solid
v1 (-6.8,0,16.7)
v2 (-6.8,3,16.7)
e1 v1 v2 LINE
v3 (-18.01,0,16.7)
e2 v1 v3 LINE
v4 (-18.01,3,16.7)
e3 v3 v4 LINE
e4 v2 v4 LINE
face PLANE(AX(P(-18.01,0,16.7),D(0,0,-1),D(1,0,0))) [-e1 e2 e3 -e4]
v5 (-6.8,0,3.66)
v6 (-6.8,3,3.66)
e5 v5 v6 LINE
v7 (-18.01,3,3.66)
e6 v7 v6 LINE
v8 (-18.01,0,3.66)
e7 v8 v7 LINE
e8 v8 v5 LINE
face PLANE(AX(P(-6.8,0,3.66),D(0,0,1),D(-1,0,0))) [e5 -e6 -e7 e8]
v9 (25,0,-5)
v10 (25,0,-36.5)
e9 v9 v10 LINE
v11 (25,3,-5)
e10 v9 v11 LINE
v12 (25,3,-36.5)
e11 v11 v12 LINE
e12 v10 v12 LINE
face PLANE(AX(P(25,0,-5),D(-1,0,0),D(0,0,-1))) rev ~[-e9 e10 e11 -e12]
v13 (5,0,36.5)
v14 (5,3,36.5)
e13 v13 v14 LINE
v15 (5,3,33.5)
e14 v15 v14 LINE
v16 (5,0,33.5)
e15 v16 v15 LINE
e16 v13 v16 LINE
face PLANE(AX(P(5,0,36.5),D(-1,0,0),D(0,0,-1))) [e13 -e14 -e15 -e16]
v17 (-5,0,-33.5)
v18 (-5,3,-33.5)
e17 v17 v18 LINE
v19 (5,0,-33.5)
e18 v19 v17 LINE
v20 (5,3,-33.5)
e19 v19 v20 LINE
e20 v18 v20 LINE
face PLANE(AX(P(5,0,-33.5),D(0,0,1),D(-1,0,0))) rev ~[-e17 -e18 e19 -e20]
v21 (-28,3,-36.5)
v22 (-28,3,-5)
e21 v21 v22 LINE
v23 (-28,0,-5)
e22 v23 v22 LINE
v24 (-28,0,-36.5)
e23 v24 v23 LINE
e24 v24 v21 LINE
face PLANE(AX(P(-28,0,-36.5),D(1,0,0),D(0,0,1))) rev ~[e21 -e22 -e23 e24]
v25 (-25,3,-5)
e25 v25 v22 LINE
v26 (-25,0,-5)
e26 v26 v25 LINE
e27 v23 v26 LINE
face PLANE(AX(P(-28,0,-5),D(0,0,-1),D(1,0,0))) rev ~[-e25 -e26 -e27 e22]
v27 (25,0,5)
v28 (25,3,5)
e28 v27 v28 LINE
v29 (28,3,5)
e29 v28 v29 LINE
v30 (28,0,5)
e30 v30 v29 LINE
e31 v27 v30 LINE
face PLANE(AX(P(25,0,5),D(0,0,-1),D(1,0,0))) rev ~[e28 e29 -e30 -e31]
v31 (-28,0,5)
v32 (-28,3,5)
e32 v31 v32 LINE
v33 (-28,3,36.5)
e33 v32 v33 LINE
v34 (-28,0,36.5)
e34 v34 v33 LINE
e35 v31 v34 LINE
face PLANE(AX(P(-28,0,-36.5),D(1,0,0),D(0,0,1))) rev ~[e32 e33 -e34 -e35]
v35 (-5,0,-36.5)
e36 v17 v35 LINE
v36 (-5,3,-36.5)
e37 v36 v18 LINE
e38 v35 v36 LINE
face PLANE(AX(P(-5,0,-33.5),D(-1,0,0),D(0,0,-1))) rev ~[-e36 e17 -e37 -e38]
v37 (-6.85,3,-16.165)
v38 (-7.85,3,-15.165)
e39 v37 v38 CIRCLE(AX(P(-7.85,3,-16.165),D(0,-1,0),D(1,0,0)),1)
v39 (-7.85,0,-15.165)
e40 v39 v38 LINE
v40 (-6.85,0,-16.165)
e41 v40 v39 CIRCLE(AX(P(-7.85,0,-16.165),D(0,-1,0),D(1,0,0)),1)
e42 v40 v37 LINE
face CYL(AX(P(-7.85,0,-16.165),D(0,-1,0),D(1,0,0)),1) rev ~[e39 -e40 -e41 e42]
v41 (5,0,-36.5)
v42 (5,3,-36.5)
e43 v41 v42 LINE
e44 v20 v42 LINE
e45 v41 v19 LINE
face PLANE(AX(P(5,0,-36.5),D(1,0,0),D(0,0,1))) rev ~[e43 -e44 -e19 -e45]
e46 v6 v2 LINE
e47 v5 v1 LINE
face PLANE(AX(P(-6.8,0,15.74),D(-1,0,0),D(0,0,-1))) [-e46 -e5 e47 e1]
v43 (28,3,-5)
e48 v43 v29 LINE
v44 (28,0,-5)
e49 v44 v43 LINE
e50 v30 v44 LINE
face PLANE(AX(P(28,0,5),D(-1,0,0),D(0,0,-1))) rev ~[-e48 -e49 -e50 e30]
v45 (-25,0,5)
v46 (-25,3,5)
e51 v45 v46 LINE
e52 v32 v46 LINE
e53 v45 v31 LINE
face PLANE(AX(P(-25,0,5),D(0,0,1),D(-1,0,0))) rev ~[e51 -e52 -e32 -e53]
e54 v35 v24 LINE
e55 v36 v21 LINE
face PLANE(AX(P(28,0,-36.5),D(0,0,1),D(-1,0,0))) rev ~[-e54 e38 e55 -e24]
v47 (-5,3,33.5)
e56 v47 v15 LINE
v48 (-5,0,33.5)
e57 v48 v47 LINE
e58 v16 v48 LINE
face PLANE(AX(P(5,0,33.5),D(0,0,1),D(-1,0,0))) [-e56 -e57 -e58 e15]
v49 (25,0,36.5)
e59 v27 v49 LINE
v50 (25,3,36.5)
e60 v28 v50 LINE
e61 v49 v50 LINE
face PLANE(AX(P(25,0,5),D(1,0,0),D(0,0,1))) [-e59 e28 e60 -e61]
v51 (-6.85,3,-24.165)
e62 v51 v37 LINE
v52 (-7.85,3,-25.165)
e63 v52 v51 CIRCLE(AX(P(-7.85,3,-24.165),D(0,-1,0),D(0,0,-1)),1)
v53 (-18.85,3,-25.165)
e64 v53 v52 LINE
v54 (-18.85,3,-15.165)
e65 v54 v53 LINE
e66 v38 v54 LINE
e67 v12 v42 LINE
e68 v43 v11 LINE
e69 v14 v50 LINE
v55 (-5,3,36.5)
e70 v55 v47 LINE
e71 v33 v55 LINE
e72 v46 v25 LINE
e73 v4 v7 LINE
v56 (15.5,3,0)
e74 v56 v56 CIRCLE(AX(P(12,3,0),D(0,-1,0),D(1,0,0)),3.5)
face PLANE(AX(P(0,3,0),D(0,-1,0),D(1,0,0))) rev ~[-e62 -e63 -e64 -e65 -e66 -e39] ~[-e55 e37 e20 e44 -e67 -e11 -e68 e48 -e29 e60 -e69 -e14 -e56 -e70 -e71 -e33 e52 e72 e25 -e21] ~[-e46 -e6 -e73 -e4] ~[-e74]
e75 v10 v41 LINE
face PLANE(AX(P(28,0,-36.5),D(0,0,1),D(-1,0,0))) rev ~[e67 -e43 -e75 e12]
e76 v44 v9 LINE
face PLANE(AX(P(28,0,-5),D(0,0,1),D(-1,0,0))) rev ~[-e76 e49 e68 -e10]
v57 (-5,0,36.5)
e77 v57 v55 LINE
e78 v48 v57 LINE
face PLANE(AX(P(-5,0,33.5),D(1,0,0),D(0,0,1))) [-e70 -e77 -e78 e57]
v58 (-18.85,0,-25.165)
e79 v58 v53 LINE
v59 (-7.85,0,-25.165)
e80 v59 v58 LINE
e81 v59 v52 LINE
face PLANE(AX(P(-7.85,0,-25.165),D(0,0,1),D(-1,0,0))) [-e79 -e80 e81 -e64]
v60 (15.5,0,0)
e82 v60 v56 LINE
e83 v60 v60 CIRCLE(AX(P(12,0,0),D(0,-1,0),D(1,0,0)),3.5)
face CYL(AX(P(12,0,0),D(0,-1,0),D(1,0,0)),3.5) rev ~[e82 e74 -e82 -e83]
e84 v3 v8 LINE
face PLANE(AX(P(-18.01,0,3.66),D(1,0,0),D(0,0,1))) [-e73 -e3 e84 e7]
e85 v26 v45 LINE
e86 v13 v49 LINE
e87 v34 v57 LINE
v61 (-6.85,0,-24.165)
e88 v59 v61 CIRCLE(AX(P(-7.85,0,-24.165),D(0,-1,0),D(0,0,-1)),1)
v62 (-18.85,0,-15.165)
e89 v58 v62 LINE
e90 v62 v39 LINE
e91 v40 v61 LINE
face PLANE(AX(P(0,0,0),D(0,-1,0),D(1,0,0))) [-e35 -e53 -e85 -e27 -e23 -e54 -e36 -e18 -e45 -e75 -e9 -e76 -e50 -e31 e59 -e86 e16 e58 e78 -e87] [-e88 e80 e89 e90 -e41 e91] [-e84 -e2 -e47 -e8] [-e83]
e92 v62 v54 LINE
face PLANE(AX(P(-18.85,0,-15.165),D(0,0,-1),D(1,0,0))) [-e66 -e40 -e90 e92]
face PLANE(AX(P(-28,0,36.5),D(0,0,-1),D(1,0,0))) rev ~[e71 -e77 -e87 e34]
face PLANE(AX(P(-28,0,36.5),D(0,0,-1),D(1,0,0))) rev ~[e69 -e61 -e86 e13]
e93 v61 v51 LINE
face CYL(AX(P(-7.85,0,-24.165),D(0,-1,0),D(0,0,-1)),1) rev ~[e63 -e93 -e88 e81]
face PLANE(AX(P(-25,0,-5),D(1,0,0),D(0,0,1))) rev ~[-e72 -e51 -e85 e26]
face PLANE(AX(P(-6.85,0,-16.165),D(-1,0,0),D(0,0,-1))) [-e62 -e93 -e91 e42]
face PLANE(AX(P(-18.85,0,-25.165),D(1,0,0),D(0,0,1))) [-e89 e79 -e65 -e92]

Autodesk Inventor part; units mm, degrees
ref_plane "YZ Plane" through (0, 0, 0) normal (1, 0, 0) x (0, 1, 0)
ref_plane "XZ Plane" through (0, 0, 0) normal (0, 1, 0) x (-1, 0, 0)
ref_plane "XY Plane" through (0, 0, 0) normal (0, 0, 1) x (1, 0, 0)
sketch "Sketch1" plane through (0, 0, 0) normal (0, 1, 0) x (-1, 0, 0)
  line L0 (-28, -36.5) -> (28, -36.5)
  line L1 (28, -36.5) -> (28, 36.5)
  line L2 (28, 36.5) -> (-28, 36.5)
  line L3 (-28, 36.5) -> (-28, -36.5)
  line L4 (-28, -36.5) -> (28, 36.5) construction
  line L5 (28, -36.5) -> (-28, 36.5) construction
  point P0 (0, 0)
  dimension "d0" = 73
  dimension "d1" = 56
extrude "Extrusion1" add sketch "Sketch1" along normal blind 3
sketch "Sketch3" plane through (0, 0, 0) normal (0, -1, 0) x (1, 0, 0)
  line L0 (-7.3, 4.62) -> (-7.3, 15.74) projected
  line L1 (-17.51, 4.16) -> (-7.86, 4.16) projected
  line L2 (-17.51, 15.74) -> (-17.51, 4.62) projected
  line L3 (-7.86, 16.2) -> (-17.51, 16.2) projected
  line L4 (-18.35, -24.665) -> (-7.85, -24.665) projected
  line L5 (-7.35, -24.165) -> (-7.35, -16.165) projected
  arc A0 (-7.85, -24.665) -> (-7.35, -24.165) centre (-7.85, -24.165) ccw projected
  arc A1 (-7.35, -16.165) -> (-7.85, -15.665) centre (-7.85, -16.165) ccw projected
  line L6 (-7.85, -15.665) -> (-18.35, -15.665) projected
  line L7 (-18.35, -15.665) -> (-18.35, -24.665)
  line L8 (-7.3, 4.62) -> (-7.3, 4.16)
  line L9 (-7.3, 4.16) -> (-7.86, 4.16)
  line L10 (-7.86, 16.2) -> (-7.3, 16.2)
  line L11 (-7.3, 16.2) -> (-7.3, 15.74)
  line L12 (-17.51, 16.2) -> (-17.51, 15.74)
  line L13 (-17.51, 4.16) -> (-17.51, 4.62)
  line L14 (-6.8, 15.74) -> (-6.8, 4.62)
  line L15 (-6.8, 4.62) -> (-6.8, 3.66)
  line L16 (-6.8, 3.66) -> (-7.86, 3.66)
  line L17 (-7.86, 3.66) -> (-18.01, 3.66)
  line L18 (-18.01, 3.66) -> (-18.01, 4.62)
  line L19 (-18.01, 4.62) -> (-18.01, 15.74)
  line L20 (-18.01, 15.74) -> (-18.01, 16.7)
  line L21 (-18.01, 16.7) -> (-7.86, 16.7)
  line L22 (-7.86, 16.7) -> (-6.8, 16.7)
  line L23 (-6.8, 16.7) -> (-6.8, 15.74)
  line L24 (-18.85, -15.165) -> (-7.85, -15.165)
  arc A2 (-6.85, -16.165) -> (-7.85, -15.165) centre (-7.85, -16.165) ccw
  line L25 (-6.85, -16.165) -> (-6.85, -24.165)
  arc A3 (-7.85, -25.165) -> (-6.85, -24.165) centre (-7.85, -24.165) ccw
  line L26 (-7.85, -25.165) -> (-18.85, -25.165)
  line L27 (-18.85, -25.165) -> (-18.85, -15.165)
  dimension "d38" = 0.5
  dimension "d39" = 0.5
extrude "Extrusion3" cut sketch "Sketch3" against normal through all contours L8 L9 L1 L13 L2 L12 L3 L10 L11 L0 | L7 L6 A1 L5 A0 L4 | L14 L15 L16 L17 L18 L19 L20 L21 L22 L23 | L24 A2 L25 A3 L26 L27
sketch "Sketch4" plane through (0, 0, 0) normal (0, -1, 0) x (1, 0, 0)
  circle A0 centre (12, 0) radius 3.5
  line L0 (28, 36.5) -> (28, -36.5) projected
  point P0 (0, 0)
  dimension "d12" = 7
  dimension "d13" = 16
extrude "Extrusion4" cut sketch "Sketch4" against normal through all
sketch "Sketch7" plane through (0, 0, 0) normal (0, -1, 0) x (1, 0, 0)
  line L0 (-5, 36.5) -> (5, 36.5)
  line L1 (5, 36.5) -> (5, 33.5)
  line L2 (5, 33.5) -> (-5, 33.5)
  line L3 (-5, 33.5) -> (-5, 36.5)
  line L4 (-5, 36.5) -> (5, 33.5) construction
  line L5 (5, 36.5) -> (-5, 33.5) construction
  line L6 (-28, 36.5) -> (28, 36.5) projected
  line L7 (-5, -36.5) -> (5, -36.5)
  line L8 (5, -36.5) -> (5, -33.5)
  line L9 (5, -33.5) -> (-5, -33.5)
  line L10 (-5, -33.5) -> (-5, -36.5)
  line L11 (-5, -36.5) -> (5, -33.5) construction
  line L12 (5, -36.5) -> (-5, -33.5) construction
  line L13 (28, -36.5) -> (-28, -36.5) projected
  line L14 (-28, -5) -> (-25, -5)
  line L15 (-25, -5) -> (-25, 5)
  line L16 (-25, 5) -> (-28, 5)
  line L17 (-28, 5) -> (-28, -5)
  line L18 (-28, -5) -> (-25, 5) construction
  line L19 (-25, -5) -> (-28, 5) construction
  line L20 (-28, -36.5) -> (-28, 36.5) projected
  line L21 (25, -5) -> (28, -5)
  line L22 (28, -5) -> (28, 5)
  line L23 (28, 5) -> (25, 5)
  line L24 (25, 5) -> (25, -5)
  line L25 (25, -5) -> (28, 5) construction
  line L26 (28, -5) -> (25, 5) construction
  line L27 (28, 36.5) -> (28, -36.5) projected
  point P0 (0, 0)
  point P1 (0, 35)
  point P2 (0, 36.5)
  point P3 (0, -35)
  point P4 (0, -36.5)
  point P5 (-26.5, 0)
  point P6 (26.5, 0)
  dimension "d26" = 10
  dimension "d27" = 3
  dimension "d28" = 10
  dimension "d29" = 3
  dimension "d30" = 3
  dimension "d31" = 10
  dimension "d32" = 3
  dimension "d33" = 10
  dimension "d36" = 36.5
extrude "Extrusion7" cut sketch "Sketch7" against normal through all contours L0 L1 L2 L3 | L16 L15 L14 L17 | L22 L21 L24 L23 | L10 L9 L8 L7
sketch "Sketch9" plane through (0, 0, 0) normal (0, -1, 0) x (1, 0, 0)
  line L0 (25, 5) -> (28, 5) projected
  line L1 (25, 5) -> (25, 36.5)
  line L2 (5, 36.5) -> (28, 36.5) projected
  line L3 (25, -5) -> (25, 5) projected
  line L4 (25, -5) -> (25, -36.5)
  line L5 (28, -36.5) -> (5, -36.5) projected
  line L6 (28, 36.5) -> (28, 5) projected
  line L7 (28, -5) -> (25, -5) projected
  line L8 (28, 5) -> (28, -5)
  line L9 (28, -5) -> (28, -36.5) projected
  point P0 (0, 0)
extrude "Extrusion8" add sketch "Sketch9" against normal blind 3 contours L0 L8 L7 L3
extrude "Extrusion9" cut sketch "Sketch9" against normal through all contours L1 L2 L6 L0 | L7 L9 L5 L4
sketch "Sketch10" plane through (0, 3, 0) normal (0, 1, 0) x (1, 0, 0)
  line L0 (-5, 36.5) -> (-5, 33.5) projected
  line L1 (-5, 33.5) -> (5, 33.5) projected
  line L2 (5, 33.5) -> (5, 36.5) projected
  line L3 (5, 36.5) -> (25, 36.5) projected
  line L4 (25, 36.5) -> (25, 5) projected
  line L5 (25, 5) -> (28, 5) projected
  line L6 (28, 5) -> (28, -5) projected
  line L7 (28, -5) -> (25, -5) projected
  line L8 (25, -5) -> (25, -36.5) projected
  line L9 (25, -36.5) -> (5, -36.5) projected
  line L10 (5, -36.5) -> (5, -33.5) projected
  line L11 (5, -33.5) -> (-5, -33.5) projected
  line L12 (-5, -33.5) -> (-5, -36.5) projected
  line L13 (-5, -36.5) -> (-28, -36.5) projected
  line L14 (-28, -36.5) -> (-28, -5) projected
  line L15 (-28, -5) -> (-25, -5) projected
  line L16 (-25, -5) -> (-25, 5) projected
  line L17 (-25, 5) -> (-28, 5) projected
  line L18 (-28, 5) -> (-28, 36.5) projected
  line L19 (-28, 36.5) -> (-5, 36.5) projected
  circle A0 centre (12, 0) radius 3.5 projected
  line L20 (-7.85, 25.165) -> (-18.85, 25.165) projected
  line L21 (-18.85, 25.165) -> (-18.85, 15.165) projected
  line L22 (-18.85, 15.165) -> (-7.85, 15.165) projected
  arc A1 (-7.85, 15.165) -> (-6.85, 16.165) centre (-7.85, 16.165) ccw projected
  line L23 (-6.85, 16.165) -> (-6.85, 24.165) projected
  arc A2 (-6.85, 24.165) -> (-7.85, 25.165) centre (-7.85, 24.165) ccw projected
  line L24 (-6.8, -16.7) -> (-6.8, -3.66) projected
  line L25 (-6.8, -3.66) -> (-18.01, -3.66) projected
  line L26 (-18.01, -3.66) -> (-18.01, -16.7) projected
  line L27 (-18.01, -16.7) -> (-6.8, -16.7) projected
  point P0 (0, 0)
properties part number "left"
